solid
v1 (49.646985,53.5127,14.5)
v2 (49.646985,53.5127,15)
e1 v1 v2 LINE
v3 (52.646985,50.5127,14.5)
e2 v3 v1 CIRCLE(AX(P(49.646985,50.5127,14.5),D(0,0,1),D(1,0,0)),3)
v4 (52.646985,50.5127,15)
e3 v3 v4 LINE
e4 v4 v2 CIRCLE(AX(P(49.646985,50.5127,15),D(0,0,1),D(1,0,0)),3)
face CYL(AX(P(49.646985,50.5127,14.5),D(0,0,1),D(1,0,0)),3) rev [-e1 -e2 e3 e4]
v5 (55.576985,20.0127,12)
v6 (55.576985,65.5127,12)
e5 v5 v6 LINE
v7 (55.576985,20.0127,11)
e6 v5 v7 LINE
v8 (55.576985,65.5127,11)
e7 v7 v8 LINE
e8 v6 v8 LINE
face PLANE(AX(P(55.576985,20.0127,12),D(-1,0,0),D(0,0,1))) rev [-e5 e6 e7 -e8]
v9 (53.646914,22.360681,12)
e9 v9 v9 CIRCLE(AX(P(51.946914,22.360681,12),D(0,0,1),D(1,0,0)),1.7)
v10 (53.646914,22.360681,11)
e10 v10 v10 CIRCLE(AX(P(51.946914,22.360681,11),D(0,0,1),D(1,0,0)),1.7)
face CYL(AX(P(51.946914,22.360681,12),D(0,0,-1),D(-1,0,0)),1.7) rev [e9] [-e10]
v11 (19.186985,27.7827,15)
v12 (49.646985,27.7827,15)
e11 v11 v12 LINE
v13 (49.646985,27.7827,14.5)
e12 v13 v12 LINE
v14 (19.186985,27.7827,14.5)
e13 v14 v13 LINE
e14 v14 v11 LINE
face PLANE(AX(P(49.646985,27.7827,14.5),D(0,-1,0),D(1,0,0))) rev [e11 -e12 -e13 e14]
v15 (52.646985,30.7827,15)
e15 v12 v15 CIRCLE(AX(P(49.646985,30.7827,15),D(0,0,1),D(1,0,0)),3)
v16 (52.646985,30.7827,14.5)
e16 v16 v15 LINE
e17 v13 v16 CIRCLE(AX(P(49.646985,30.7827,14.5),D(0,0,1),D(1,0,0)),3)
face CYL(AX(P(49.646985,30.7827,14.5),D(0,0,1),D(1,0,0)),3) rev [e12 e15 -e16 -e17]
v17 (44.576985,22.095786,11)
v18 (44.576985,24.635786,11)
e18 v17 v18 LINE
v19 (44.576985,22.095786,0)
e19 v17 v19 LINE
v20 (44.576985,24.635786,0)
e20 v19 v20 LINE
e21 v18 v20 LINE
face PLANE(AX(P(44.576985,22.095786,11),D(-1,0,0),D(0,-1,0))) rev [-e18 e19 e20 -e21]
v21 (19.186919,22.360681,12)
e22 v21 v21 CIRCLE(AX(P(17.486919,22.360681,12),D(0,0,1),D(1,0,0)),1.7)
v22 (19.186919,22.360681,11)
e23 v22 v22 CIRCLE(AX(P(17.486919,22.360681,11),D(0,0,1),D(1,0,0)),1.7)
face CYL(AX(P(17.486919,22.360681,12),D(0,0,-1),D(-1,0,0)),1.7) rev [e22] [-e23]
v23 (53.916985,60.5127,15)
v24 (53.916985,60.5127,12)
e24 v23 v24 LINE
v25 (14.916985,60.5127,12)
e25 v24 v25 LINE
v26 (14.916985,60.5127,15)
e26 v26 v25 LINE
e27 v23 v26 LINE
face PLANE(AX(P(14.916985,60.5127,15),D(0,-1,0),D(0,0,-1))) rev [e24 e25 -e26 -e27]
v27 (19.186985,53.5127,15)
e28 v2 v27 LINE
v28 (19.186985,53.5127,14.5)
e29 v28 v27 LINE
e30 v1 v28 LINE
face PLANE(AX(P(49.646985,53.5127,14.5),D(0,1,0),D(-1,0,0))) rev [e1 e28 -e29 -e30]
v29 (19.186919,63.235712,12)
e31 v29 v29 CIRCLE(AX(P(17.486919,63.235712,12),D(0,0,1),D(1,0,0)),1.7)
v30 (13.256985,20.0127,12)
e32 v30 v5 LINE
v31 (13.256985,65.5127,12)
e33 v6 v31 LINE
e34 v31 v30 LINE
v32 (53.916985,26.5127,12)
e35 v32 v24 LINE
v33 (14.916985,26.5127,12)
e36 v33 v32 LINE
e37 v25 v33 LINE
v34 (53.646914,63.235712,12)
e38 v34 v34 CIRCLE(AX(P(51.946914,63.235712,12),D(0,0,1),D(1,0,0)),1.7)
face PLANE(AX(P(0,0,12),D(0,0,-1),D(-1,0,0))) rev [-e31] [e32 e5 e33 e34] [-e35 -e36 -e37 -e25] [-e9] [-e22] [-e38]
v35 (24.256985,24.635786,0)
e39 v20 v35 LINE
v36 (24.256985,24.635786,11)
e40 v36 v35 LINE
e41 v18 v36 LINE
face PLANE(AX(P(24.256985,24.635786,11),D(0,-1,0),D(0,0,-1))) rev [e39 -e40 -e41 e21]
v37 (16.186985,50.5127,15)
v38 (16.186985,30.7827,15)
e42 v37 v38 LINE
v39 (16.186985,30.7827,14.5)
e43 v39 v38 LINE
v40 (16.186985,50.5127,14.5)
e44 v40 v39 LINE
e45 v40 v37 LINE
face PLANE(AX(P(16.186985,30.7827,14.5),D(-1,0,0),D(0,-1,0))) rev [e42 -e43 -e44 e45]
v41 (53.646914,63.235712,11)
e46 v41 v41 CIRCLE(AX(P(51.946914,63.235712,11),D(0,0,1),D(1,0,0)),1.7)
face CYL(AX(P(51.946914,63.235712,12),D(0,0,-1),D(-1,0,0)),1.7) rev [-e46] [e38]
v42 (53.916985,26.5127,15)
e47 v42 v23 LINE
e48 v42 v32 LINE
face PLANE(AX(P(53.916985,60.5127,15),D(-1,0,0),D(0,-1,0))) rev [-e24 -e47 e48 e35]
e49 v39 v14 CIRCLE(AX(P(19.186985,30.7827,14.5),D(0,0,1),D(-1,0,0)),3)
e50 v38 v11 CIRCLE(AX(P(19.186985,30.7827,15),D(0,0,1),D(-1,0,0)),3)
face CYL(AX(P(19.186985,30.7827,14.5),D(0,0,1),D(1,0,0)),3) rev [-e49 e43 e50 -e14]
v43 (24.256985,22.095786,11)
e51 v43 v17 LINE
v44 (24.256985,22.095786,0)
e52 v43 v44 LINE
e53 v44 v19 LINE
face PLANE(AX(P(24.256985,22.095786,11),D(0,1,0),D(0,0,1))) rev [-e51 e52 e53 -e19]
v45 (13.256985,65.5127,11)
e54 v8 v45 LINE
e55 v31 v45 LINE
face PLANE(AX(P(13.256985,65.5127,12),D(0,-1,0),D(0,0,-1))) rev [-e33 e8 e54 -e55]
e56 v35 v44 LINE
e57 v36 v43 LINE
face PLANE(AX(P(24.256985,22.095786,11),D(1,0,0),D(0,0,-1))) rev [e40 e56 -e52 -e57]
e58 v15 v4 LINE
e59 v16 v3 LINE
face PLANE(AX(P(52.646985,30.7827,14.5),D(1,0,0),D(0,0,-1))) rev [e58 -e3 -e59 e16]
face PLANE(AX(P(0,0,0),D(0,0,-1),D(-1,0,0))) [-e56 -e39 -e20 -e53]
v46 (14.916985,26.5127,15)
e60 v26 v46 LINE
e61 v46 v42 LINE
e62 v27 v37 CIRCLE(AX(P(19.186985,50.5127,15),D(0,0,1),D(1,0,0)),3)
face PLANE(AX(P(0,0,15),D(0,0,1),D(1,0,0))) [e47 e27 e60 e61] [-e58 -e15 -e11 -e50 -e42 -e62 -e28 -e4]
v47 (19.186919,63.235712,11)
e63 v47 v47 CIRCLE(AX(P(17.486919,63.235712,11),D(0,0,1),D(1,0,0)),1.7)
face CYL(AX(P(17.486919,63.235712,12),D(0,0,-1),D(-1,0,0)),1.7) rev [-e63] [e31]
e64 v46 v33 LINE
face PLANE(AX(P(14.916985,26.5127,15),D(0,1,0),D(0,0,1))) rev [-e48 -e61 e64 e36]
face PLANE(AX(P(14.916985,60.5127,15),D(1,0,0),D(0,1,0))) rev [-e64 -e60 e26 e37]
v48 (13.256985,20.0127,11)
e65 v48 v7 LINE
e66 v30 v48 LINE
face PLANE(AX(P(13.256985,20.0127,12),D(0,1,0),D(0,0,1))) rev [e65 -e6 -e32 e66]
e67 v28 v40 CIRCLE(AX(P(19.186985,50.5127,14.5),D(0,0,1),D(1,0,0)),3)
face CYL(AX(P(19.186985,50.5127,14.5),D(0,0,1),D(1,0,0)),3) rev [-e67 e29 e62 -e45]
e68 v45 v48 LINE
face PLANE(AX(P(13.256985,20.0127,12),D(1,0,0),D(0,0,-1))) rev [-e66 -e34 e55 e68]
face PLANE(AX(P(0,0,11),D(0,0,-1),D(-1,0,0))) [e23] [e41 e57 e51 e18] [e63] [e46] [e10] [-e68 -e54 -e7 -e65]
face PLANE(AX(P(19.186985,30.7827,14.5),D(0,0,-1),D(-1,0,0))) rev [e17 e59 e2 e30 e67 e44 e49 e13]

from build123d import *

# Parameters (mm, degrees)
SKETCH_1_W          = 20.32
SKETCH_1_H          = 2.54
EXTRUDE_1_DEPTH     = 11
SKETCH_2_W          = 42.32
SKETCH_2_H          = 45.5
SKETCH_2_R          = 1.7
EXTRUDE_2_DEPTH     = 1
SKETCH_3_W          = 39
SKETCH_3_H          = 34
EXTRUDE_3_DEPTH     = 3
CUT_EXTRUDE_1_DEPTH = 0.5


with BuildPart() as part:
    # 草图1 → 凸台-拉伸1 (new body)
    with BuildSketch(Plane.XY):
        with Locations((34.416985014, 23.365786132)):
            Rectangle(SKETCH_1_W, SKETCH_1_H)
    extrude(amount=EXTRUDE_1_DEPTH)

    # 草图2 → 凸台-拉伸2 (add)
    with BuildSketch(Plane.XY.offset(11)):
        with Locations((34.416985014, 42.762700025)):
            Rectangle(SKETCH_2_W, SKETCH_2_H)
        with Locations((17.486918974, 22.360680721)):
            Circle(SKETCH_2_R, mode=Mode.SUBTRACT)
        with Locations((51.946913894, 22.360680721)):
            Circle(SKETCH_2_R, mode=Mode.SUBTRACT)
        with Locations((17.486918974, 63.235712471)):
            Circle(SKETCH_2_R, mode=Mode.SUBTRACT)
        with Locations((51.946913894, 63.235712471)):
            Circle(SKETCH_2_R, mode=Mode.SUBTRACT)
    extrude(amount=EXTRUDE_2_DEPTH)

    # 草图3 → 凸台-拉伸3 (add)
    with BuildSketch(Plane.XY.offset(12)):
        with Locations((34.416985014, 43.512700025)):
            Rectangle(SKETCH_3_W, SKETCH_3_H)
    extrude(amount=EXTRUDE_3_DEPTH)

    # 草图4 → 切除-拉伸1 (cut)
    with BuildSketch(Plane.XY.offset(15)):
        with BuildLine():
            Line((49.646985014, 27.782700025), (19.186985014, 27.782700025))
            ThreePointArc((19.186985014, 27.782700025), (17.06566467, 28.661379682), (16.186985014, 30.782700025))
            Line((16.186985014, 30.782700025), (16.186985014, 50.512700025))
            ThreePointArc((16.186985014, 50.512700025), (17.06566467, 52.634020369), (19.186985014, 53.512700025))
            Line((19.186985014, 53.512700025), (49.646985014, 53.512700025))
            ThreePointArc((49.646985014, 53.512700025), (51.768305358, 52.634020369), (52.646985014, 50.512700025))
            Line((52.646985014, 50.512700025), (52.646985014, 30.782700025))
            ThreePointArc((52.646985014, 30.782700025), (51.768305358, 28.661379682), (49.646985014, 27.782700025))
        make_face()
    extrude(amount=-CUT_EXTRUDE_1_DEPTH, mode=Mode.SUBTRACT)


solid = part.part
